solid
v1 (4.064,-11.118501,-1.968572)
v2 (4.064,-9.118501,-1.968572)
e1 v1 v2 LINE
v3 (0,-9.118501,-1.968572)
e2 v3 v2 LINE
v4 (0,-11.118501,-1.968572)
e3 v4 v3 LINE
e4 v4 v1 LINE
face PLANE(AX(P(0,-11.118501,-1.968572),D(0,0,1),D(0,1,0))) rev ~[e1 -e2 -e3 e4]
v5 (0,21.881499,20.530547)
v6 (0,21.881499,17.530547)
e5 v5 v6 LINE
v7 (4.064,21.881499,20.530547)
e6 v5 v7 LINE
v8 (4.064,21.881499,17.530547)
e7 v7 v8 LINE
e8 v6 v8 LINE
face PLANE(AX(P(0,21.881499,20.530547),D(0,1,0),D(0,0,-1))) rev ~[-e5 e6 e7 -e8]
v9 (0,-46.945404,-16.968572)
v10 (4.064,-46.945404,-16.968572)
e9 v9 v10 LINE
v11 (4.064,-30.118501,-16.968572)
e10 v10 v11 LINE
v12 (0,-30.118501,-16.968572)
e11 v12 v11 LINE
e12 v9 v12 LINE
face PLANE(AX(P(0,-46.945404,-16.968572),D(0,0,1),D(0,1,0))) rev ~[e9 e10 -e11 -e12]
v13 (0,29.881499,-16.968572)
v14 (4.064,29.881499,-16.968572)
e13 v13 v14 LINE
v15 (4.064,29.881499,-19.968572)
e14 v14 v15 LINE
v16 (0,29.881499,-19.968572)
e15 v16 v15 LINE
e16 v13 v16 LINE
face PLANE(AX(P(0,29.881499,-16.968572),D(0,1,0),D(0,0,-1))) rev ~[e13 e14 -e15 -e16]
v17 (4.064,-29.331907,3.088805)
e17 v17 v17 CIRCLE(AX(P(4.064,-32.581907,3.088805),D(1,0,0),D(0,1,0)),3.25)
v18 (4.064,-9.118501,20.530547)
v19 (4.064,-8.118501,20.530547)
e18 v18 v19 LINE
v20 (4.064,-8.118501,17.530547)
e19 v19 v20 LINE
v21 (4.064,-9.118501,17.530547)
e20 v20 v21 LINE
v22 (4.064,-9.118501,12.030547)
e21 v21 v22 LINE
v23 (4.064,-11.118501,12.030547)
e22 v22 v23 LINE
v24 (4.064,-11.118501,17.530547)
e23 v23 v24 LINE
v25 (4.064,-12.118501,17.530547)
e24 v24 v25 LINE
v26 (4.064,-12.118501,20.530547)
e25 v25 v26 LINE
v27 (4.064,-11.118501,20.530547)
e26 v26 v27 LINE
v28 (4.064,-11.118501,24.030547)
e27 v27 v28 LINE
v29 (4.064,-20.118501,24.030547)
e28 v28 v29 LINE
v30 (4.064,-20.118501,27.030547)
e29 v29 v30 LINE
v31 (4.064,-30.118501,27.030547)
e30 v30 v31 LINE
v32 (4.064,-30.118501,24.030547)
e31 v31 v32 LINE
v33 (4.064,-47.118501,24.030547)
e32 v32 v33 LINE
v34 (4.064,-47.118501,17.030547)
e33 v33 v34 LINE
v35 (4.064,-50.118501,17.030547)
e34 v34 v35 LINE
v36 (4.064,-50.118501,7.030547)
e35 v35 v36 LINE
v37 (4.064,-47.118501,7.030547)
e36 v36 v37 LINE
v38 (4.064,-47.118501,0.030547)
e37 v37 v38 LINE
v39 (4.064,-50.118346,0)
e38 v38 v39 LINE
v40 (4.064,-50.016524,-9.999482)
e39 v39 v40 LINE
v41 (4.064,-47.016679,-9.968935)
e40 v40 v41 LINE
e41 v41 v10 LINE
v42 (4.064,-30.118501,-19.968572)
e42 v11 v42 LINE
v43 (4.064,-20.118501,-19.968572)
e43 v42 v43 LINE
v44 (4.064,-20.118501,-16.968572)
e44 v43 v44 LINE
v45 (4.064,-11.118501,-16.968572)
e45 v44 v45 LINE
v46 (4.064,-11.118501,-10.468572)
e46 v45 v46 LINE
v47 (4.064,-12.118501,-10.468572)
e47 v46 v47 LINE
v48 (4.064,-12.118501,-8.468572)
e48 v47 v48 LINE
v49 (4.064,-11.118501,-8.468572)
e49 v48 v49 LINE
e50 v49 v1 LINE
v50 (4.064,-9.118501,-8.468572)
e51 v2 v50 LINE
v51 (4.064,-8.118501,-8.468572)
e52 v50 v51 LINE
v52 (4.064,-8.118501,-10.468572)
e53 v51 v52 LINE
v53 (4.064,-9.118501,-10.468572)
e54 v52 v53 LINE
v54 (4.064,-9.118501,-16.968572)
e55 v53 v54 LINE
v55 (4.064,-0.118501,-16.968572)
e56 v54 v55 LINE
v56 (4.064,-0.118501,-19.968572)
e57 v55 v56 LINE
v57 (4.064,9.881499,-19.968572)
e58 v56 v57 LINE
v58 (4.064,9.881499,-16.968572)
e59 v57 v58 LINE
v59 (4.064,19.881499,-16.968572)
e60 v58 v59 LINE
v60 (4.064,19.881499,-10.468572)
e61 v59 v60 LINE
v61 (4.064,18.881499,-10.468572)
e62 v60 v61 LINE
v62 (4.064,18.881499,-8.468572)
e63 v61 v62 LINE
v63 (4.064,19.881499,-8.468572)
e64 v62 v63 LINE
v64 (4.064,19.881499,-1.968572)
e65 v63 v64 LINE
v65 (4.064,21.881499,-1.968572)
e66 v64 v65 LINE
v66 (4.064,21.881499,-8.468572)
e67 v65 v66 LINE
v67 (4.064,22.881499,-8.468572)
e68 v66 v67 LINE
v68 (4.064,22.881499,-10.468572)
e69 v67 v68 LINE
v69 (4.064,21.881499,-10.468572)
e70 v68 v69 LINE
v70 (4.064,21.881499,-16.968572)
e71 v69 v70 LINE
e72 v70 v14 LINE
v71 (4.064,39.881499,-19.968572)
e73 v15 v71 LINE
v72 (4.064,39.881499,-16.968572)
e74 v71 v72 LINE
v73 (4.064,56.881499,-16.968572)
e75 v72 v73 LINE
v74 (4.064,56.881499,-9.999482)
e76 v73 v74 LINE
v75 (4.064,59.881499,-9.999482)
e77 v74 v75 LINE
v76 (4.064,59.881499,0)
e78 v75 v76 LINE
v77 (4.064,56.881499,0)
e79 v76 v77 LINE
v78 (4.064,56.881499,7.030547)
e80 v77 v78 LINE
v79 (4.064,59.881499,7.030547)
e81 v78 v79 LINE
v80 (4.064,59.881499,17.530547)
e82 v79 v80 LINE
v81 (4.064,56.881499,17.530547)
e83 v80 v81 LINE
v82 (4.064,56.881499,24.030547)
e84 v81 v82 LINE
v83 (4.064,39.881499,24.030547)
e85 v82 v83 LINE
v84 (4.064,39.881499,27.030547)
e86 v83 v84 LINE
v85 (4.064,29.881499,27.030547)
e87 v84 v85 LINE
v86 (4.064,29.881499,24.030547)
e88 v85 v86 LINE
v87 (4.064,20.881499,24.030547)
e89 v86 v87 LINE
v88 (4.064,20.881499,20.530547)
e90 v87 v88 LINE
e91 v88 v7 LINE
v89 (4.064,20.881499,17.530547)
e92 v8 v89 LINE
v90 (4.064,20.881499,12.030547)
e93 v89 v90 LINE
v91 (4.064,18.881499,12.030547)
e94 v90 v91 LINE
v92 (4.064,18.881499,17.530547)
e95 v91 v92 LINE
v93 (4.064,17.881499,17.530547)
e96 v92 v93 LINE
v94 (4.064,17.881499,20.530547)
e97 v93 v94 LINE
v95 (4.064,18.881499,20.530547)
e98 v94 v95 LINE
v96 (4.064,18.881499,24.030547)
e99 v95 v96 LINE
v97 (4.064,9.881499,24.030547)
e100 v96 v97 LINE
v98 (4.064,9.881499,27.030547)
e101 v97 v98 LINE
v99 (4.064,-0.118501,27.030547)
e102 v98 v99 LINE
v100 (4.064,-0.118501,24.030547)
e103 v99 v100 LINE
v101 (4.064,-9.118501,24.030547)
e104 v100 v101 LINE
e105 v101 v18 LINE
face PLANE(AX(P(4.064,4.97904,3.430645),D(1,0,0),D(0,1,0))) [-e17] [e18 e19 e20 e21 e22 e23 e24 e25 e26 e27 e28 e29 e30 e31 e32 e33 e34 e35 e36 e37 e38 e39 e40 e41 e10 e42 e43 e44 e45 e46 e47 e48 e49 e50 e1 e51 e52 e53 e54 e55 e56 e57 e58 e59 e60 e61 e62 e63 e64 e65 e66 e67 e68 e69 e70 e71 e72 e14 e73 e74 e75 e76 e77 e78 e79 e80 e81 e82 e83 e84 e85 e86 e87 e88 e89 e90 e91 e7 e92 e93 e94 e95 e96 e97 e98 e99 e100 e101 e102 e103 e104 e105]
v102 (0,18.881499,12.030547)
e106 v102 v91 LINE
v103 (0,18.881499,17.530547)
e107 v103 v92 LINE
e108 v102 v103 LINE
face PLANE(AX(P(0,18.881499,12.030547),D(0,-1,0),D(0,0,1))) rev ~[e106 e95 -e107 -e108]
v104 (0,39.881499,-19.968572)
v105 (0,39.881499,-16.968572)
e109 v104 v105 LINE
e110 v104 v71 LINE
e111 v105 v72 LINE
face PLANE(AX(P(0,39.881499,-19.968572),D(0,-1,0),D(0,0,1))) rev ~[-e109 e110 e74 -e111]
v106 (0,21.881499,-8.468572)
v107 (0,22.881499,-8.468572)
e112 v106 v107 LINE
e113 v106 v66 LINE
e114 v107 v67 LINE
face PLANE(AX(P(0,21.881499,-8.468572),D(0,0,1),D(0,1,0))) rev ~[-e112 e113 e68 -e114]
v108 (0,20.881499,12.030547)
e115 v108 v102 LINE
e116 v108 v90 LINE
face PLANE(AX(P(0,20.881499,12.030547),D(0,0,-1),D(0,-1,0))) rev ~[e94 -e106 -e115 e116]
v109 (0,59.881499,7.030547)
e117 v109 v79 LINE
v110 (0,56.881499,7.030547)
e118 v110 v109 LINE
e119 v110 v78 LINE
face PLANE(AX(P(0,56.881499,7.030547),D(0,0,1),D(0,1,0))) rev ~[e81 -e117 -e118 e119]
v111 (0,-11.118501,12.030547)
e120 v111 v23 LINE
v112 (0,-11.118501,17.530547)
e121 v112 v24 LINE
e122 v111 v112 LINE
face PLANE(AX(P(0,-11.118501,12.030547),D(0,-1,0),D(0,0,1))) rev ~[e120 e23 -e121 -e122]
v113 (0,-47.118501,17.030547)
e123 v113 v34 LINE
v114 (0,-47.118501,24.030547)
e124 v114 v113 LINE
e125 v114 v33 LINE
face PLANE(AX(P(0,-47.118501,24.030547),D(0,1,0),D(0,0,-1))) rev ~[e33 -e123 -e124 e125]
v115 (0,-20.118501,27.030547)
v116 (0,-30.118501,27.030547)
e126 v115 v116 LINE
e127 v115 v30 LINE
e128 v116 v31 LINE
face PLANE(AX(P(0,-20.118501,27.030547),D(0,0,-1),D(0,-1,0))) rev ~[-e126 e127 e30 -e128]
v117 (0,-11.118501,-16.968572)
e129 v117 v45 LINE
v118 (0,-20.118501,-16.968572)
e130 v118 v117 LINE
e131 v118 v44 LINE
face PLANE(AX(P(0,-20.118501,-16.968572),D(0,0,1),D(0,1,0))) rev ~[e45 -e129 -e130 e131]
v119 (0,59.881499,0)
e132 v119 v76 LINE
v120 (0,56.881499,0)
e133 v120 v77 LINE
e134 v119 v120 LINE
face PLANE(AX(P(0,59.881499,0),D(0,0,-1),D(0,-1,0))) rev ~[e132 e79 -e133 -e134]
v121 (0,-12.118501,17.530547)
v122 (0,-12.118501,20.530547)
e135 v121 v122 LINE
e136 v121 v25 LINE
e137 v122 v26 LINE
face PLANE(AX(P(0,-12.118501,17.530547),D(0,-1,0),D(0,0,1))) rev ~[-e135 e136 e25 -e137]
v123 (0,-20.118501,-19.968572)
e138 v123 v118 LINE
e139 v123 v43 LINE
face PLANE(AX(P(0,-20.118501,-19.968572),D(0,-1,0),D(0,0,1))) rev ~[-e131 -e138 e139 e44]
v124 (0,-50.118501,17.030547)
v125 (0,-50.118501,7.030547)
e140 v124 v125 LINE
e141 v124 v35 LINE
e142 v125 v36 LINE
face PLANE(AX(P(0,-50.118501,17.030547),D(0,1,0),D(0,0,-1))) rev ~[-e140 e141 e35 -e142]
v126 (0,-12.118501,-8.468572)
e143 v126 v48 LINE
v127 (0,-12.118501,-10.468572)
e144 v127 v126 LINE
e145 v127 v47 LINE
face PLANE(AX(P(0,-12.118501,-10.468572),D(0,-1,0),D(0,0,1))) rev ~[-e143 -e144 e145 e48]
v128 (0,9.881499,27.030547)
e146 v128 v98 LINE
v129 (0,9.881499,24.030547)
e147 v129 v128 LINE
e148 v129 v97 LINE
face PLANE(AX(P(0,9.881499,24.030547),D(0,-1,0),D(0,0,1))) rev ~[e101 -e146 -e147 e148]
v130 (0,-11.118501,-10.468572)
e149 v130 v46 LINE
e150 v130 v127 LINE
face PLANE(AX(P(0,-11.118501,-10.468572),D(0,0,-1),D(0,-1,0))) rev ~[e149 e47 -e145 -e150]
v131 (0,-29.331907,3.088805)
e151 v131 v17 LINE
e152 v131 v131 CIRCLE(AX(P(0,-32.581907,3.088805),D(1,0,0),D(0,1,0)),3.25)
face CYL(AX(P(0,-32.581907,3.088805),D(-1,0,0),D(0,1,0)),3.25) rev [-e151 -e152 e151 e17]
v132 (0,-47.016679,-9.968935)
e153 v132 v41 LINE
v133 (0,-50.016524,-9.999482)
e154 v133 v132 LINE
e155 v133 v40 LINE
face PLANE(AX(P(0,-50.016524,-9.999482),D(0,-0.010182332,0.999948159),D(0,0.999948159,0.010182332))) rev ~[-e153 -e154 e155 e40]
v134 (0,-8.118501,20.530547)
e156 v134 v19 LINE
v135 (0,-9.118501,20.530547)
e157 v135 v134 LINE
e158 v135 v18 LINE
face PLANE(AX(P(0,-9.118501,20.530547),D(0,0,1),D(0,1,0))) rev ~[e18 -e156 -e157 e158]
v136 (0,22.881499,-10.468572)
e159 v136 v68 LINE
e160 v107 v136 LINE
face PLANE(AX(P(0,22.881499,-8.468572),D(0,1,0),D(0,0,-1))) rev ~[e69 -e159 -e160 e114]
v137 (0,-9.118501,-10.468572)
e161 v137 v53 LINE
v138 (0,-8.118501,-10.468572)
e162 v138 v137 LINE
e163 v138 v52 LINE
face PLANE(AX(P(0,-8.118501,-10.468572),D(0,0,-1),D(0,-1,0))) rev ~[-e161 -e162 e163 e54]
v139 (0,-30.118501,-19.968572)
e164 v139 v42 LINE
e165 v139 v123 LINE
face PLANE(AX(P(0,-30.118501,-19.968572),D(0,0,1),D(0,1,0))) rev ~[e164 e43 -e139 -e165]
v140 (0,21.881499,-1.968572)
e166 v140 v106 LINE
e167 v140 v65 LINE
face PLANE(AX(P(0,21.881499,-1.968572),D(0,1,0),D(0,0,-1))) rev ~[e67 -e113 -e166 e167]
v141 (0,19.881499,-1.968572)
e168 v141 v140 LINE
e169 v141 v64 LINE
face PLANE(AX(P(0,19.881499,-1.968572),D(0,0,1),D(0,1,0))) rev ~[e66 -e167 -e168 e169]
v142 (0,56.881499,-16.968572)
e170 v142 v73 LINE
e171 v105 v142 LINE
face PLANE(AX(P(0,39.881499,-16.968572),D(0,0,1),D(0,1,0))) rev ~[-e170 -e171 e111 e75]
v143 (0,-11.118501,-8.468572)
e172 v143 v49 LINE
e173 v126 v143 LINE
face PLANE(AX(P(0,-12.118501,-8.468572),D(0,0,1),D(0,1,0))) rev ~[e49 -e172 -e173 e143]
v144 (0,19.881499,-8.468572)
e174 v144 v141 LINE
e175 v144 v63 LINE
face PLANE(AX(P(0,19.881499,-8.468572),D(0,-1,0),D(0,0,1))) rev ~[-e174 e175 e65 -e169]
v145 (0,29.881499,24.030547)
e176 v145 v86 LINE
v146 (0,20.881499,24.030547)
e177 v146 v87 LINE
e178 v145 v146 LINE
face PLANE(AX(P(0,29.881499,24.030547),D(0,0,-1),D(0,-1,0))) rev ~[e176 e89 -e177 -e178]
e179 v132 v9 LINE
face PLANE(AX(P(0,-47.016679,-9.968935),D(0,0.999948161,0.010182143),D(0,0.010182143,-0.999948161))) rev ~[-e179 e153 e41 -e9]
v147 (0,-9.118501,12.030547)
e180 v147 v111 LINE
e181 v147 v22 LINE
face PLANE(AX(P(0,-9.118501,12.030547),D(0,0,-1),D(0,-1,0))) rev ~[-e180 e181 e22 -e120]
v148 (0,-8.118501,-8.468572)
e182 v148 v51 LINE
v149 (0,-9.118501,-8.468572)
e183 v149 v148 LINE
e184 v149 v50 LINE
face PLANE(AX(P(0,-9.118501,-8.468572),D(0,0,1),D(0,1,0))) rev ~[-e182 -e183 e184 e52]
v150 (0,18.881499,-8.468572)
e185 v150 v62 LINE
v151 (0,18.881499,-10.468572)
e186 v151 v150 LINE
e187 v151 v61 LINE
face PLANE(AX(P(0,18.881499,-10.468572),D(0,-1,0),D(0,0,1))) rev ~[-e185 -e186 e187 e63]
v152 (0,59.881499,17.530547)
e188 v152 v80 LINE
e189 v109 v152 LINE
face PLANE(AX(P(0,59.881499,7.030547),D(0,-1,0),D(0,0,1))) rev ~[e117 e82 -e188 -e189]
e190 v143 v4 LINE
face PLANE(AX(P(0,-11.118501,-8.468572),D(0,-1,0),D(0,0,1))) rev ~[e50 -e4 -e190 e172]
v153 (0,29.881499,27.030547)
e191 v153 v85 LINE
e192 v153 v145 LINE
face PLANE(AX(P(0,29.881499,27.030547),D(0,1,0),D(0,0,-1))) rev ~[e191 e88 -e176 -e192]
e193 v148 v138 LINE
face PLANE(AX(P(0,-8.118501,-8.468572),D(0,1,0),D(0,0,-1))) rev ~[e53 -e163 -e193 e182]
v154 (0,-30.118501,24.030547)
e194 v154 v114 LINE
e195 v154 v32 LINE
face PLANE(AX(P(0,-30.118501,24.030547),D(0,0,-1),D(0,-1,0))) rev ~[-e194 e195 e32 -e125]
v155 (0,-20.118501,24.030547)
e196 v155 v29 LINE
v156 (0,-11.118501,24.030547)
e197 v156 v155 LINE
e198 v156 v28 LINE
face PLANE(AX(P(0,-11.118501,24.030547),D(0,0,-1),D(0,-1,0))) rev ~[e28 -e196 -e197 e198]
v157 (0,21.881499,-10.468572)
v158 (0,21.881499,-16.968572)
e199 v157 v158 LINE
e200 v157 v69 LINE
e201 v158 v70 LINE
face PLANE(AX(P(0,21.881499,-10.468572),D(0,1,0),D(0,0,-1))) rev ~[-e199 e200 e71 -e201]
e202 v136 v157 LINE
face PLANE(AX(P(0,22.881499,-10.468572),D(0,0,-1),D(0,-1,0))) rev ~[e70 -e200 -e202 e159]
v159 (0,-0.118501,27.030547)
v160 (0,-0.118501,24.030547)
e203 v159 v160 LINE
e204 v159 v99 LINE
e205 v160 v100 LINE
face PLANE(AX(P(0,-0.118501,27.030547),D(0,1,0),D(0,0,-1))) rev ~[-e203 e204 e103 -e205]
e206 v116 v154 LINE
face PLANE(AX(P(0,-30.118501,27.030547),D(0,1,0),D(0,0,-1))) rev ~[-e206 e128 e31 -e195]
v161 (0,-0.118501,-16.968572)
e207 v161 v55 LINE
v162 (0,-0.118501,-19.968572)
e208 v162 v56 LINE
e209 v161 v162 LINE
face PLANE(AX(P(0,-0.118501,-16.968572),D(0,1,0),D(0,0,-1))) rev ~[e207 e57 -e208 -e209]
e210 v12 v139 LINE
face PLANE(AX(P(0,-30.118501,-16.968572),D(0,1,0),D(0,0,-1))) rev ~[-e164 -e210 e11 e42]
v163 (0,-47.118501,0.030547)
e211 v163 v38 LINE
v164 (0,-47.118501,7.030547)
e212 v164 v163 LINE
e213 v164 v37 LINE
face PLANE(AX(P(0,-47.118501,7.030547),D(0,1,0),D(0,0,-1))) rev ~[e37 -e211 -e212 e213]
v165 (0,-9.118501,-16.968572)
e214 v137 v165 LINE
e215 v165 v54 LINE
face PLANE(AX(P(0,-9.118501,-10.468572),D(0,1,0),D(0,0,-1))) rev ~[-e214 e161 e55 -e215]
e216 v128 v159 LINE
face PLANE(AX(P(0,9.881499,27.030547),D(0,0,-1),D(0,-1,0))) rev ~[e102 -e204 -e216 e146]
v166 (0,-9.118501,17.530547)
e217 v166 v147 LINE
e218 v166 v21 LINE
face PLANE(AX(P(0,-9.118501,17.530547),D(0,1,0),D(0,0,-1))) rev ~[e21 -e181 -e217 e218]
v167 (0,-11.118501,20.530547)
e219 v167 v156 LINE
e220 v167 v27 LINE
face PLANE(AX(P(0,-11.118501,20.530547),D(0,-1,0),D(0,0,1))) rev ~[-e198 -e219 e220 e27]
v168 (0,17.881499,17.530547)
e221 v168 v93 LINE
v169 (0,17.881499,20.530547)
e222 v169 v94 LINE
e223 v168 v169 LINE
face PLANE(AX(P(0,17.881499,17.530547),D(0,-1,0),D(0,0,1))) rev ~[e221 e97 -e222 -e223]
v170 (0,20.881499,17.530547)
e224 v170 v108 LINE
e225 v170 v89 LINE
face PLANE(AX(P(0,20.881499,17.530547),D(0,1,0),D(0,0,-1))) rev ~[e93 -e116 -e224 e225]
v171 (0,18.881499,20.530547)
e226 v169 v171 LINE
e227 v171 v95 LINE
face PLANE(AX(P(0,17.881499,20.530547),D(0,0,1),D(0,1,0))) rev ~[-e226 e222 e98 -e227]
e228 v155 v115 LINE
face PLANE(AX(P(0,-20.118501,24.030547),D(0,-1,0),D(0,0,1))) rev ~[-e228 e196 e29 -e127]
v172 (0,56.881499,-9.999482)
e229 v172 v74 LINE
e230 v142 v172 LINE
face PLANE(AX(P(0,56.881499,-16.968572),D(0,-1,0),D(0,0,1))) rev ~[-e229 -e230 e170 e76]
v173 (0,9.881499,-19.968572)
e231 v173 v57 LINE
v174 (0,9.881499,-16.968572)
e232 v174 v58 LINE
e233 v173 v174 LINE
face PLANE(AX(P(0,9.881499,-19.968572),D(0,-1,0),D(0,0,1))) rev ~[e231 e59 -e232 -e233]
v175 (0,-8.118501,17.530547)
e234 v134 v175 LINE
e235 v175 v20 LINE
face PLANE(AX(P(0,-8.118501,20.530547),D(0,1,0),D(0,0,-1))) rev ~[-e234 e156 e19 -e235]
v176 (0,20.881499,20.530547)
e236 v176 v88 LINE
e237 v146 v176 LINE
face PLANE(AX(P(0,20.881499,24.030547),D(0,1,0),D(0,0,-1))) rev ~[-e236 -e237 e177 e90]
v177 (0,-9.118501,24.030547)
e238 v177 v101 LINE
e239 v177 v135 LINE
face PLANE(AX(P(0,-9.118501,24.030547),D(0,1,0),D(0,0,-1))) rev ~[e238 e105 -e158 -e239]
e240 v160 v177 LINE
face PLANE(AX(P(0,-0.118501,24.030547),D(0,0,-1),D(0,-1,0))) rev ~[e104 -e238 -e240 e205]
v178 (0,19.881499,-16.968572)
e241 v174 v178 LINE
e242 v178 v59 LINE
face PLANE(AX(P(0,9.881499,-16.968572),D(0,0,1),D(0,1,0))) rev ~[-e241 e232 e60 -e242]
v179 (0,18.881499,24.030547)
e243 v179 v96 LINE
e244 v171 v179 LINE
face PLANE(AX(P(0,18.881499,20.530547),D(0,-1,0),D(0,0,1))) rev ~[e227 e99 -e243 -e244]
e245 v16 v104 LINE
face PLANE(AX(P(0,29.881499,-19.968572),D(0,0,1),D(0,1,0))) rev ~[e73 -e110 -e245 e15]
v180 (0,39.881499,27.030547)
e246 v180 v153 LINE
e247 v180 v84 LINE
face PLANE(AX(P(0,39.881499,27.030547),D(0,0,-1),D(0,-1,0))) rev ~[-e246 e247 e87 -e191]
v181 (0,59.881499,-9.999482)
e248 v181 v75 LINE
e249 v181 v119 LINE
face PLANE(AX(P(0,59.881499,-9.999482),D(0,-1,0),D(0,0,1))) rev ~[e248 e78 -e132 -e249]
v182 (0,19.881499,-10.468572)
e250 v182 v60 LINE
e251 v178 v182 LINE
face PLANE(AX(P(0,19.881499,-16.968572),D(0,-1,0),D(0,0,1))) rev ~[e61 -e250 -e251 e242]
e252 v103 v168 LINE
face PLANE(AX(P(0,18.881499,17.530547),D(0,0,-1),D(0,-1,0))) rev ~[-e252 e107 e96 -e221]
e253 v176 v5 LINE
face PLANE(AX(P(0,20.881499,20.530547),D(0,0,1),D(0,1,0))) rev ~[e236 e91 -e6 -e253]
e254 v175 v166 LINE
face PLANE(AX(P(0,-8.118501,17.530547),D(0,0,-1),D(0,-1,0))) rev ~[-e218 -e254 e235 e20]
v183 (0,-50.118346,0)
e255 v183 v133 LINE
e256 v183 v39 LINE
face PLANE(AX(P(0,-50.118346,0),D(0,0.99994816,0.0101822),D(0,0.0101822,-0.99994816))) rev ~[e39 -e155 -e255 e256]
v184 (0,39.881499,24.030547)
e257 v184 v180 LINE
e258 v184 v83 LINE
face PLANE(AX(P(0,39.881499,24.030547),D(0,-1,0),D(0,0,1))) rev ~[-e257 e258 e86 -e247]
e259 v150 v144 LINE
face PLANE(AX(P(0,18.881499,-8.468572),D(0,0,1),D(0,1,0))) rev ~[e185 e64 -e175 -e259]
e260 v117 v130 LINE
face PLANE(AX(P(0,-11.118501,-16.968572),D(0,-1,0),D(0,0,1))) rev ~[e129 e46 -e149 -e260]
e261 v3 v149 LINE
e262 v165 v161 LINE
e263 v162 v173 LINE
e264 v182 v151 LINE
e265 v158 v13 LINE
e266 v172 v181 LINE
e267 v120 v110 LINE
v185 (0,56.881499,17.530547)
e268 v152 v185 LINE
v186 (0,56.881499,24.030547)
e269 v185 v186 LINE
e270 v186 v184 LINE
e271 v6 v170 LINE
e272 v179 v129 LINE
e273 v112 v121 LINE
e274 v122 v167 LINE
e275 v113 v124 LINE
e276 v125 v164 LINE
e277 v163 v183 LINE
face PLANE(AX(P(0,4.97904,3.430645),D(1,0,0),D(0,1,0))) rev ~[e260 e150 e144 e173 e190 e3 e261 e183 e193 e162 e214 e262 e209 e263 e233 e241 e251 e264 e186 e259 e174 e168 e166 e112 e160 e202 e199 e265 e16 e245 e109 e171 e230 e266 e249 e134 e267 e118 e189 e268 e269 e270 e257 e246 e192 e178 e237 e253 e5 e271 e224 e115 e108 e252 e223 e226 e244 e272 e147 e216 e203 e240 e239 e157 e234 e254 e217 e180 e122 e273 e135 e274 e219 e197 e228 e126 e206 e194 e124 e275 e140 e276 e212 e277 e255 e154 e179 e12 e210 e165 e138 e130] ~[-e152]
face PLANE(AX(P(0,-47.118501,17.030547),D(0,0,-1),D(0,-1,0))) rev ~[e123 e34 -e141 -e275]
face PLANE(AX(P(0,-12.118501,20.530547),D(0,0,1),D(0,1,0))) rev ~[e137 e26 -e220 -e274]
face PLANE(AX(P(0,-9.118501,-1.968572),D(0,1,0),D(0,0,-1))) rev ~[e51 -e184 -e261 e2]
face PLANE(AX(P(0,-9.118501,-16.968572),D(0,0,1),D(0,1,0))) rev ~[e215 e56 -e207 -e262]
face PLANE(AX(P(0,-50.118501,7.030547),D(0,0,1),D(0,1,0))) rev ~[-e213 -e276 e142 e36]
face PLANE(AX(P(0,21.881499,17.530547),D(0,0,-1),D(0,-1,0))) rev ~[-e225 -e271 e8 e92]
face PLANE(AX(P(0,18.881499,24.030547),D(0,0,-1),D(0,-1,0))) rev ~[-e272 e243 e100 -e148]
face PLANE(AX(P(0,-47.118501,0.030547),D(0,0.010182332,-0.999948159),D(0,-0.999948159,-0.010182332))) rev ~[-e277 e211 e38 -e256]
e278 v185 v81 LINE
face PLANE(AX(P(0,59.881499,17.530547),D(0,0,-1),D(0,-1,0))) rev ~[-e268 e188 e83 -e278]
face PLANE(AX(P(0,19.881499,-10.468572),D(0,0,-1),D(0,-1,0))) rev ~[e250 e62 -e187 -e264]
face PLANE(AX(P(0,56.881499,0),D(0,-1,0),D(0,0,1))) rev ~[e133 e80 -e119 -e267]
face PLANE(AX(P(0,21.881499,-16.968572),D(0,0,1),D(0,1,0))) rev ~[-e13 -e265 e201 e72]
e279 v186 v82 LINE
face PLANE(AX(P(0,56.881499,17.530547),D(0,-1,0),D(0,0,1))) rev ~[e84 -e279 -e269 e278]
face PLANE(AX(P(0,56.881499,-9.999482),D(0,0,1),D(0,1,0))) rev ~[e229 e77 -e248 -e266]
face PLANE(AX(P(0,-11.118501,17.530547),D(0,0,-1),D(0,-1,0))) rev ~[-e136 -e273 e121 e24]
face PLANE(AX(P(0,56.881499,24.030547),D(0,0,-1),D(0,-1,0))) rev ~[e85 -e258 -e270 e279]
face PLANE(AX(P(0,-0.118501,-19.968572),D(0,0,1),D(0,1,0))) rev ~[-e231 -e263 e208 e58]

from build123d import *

# Parameters (mm, degrees)
F0_R     = 3.25
F1_DEPTH = 4.064


with BuildPart() as f1:
    # F0 (on Right) → F1 (new body)
    with BuildSketch(Plane.YZ):
        Polygon((-47.118501, 17.030547), (-50.118501, 17.030547), (-50.118501, 7.030547), (-47.118501, 7.030547), (-47.118501, 0.030547), (-50.118346, 0), (-50.016524, -9.999482), (-47.016679, -9.968935), (-46.945404, -16.968572), (-30.118501, -16.968572), (-30.118501, -19.968572), (-20.118501, -19.968572), (-20.118501, -16.968572), (-11.118501, -16.968572), (-11.118501, -10.468572), (-12.118501, -10.468572), (-12.118501, -8.468572), (-11.118501, -8.468572), (-11.118501, -1.968572), (-9.118501, -1.968572), (-9.118501, -8.468572), (-8.118501, -8.468572), (-8.118501, -10.468572), (-9.118501, -10.468572), (-9.118501, -16.968572), (-0.118501, -16.968572), (-0.118501, -19.968572), (9.881499, -19.968572), (9.881499, -16.968572), (19.881499, -16.968572), (19.881499, -10.468572), (18.881499, -10.468572), (18.881499, -8.468572), (19.881499, -8.468572), (19.881499, -1.968572), (21.881499, -1.968572), (21.881499, -8.468572), (22.881499, -8.468572), (22.881499, -10.468572), (21.881499, -10.468572), (21.881499, -16.968572), (29.881499, -16.968572), (29.881499, -19.968572), (39.881499, -19.968572), (39.881499, -16.968572), (56.881499, -16.968572), (56.881499, -9.999482), (59.881499, -9.999482), (59.881499, 0), (56.881499, 0), (56.881499, 7.030547), (59.881499, 7.030547), (59.881499, 17.530547), (56.881499, 17.530547), (56.881499, 24.030547), (39.881499, 24.030547), (39.881499, 27.030547), (29.881499, 27.030547), (29.881499, 24.030547), (20.881499, 24.030547), (20.881499, 20.530547), (21.881499, 20.530547), (21.881499, 17.530547), (20.881499, 17.530547), (20.881499, 12.030547), (18.881499, 12.030547), (18.881499, 17.530547), (17.881499, 17.530547), (17.881499, 20.530547), (18.881499, 20.530547), (18.881499, 24.030547), (9.881499, 24.030547), (9.881499, 27.030547), (-0.118501, 27.030547), (-0.118501, 24.030547), (-9.118501, 24.030547), (-9.118501, 20.530547), (-8.118501, 20.530547), (-8.118501, 17.530547), (-9.118501, 17.530547), (-9.118501, 12.030547), (-11.118501, 12.030547), (-11.118501, 17.530547), (-12.118501, 17.530547), (-12.118501, 20.530547), (-11.118501, 20.530547), (-11.118501, 24.030547), (-20.118501, 24.030547), (-20.118501, 27.030547), (-30.118501, 27.030547), (-30.118501, 24.030547), (-47.118501, 24.030547), align=None)
        with Locations((-32.581907, 3.088805)):
            Circle(F0_R, mode=Mode.SUBTRACT)
    extrude(amount=F1_DEPTH)


solid = f1.part
